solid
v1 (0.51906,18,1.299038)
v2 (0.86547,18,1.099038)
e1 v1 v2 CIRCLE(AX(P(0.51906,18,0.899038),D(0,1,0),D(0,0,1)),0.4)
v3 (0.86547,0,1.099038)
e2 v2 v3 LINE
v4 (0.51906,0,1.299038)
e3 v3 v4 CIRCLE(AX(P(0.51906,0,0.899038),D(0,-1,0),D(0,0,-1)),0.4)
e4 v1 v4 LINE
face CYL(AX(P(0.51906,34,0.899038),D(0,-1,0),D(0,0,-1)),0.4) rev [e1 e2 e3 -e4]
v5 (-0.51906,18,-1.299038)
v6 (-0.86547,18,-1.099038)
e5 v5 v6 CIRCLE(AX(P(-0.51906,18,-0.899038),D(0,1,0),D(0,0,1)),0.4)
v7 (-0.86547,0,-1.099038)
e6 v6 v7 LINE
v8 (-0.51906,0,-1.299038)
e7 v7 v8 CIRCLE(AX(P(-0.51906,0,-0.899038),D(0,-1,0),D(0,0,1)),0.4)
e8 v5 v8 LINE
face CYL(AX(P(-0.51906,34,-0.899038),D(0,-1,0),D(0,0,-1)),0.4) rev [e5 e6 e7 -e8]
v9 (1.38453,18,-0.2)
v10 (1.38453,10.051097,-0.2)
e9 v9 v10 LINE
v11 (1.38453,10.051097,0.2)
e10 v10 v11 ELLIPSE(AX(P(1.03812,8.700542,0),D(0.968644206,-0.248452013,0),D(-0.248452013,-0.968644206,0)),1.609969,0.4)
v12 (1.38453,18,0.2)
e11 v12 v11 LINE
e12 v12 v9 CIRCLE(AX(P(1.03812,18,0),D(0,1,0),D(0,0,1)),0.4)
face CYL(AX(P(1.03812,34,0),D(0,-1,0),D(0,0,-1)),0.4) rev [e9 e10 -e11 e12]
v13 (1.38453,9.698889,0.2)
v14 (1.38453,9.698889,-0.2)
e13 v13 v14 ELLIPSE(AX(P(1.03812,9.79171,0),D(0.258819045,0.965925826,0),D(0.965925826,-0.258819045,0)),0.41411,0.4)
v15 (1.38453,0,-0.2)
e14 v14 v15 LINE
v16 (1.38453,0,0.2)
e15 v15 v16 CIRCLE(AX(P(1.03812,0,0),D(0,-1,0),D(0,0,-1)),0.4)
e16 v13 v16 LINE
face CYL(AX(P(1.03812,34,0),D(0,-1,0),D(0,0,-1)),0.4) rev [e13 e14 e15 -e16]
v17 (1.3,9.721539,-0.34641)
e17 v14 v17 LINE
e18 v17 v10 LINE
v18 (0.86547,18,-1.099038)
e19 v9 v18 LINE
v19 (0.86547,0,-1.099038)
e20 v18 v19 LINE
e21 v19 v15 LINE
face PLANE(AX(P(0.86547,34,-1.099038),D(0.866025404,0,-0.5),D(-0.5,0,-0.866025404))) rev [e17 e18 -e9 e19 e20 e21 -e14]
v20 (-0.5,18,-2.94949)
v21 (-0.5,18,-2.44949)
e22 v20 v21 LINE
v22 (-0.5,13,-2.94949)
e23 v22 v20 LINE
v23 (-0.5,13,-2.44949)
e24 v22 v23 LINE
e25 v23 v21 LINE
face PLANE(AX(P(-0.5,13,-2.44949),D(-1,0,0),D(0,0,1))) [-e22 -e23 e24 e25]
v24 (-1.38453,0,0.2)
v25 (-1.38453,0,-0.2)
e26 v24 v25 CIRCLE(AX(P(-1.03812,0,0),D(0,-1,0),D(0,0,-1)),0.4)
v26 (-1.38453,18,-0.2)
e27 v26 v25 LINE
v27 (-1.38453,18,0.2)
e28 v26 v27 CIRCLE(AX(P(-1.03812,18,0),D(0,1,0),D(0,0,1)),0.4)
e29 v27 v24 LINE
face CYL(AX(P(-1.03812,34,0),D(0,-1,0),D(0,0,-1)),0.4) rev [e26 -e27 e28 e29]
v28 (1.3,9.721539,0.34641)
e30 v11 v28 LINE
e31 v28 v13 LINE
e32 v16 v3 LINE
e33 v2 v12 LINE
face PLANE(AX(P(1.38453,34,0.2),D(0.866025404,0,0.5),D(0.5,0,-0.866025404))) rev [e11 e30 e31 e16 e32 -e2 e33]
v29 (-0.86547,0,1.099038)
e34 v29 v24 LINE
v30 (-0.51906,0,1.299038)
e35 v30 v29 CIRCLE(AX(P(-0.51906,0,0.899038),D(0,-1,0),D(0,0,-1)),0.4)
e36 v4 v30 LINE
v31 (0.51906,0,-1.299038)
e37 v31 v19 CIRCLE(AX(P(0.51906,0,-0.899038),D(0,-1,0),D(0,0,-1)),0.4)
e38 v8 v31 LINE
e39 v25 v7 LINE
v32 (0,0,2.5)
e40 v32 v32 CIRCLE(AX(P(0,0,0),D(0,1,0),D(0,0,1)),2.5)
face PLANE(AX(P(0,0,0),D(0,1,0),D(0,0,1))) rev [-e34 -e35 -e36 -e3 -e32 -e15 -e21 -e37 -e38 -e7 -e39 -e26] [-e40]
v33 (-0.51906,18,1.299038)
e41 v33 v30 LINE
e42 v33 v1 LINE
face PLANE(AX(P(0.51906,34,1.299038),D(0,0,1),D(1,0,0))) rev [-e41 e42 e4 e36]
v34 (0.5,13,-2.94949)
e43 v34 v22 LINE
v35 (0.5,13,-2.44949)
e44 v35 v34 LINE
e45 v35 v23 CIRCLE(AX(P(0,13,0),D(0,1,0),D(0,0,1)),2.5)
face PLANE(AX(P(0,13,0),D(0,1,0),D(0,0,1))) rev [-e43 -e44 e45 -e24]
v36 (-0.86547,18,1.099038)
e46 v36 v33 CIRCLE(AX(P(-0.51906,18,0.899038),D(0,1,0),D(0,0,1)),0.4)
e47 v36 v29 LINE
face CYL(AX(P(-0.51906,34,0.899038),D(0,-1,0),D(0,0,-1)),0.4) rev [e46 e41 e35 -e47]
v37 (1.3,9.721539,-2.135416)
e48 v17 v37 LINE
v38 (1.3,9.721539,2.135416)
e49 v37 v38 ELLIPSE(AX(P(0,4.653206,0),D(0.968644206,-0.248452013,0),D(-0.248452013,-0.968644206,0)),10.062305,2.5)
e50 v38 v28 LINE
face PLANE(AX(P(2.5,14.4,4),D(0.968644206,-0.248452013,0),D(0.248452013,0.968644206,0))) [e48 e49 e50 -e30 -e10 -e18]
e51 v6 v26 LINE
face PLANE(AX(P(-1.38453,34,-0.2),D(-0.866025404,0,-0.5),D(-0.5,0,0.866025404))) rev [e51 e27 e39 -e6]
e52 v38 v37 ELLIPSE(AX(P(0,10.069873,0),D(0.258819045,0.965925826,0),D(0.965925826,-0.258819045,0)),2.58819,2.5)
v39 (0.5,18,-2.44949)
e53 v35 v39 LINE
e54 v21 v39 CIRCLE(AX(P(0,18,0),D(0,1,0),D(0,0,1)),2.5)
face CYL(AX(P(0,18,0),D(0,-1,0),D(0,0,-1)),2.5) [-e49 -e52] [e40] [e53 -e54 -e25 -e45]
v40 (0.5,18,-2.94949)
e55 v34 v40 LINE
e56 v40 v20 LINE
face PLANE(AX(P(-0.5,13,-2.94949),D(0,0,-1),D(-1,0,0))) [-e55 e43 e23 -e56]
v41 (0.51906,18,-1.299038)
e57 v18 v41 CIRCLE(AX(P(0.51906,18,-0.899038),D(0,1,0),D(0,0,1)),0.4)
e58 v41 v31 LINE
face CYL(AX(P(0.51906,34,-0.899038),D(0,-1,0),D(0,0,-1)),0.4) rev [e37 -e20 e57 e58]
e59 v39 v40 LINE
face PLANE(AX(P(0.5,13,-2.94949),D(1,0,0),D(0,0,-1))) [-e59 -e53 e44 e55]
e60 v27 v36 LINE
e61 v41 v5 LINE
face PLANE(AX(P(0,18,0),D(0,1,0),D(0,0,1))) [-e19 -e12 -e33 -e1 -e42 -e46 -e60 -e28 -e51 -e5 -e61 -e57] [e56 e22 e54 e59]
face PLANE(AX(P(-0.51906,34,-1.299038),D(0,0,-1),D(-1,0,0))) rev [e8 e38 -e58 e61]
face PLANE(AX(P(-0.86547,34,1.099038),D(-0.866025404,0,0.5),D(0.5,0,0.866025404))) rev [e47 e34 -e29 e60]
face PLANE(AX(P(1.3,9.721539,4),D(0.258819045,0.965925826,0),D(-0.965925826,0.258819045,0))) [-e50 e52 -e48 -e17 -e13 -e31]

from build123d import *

# Parameters (mm, degrees)
SKETCH1_R               = 2.5
BOSS_EXTRUDE1_DEPTH     = 18
SKETCH3_W               = 1
SKETCH3_H               = 0.5
BOSS_EXTRUDE2_DEPTH     = 5
CUT_EXTRUDE1_DEPTH      = 4
CUT_EXTRUDE1_DEPTH_BACK = 4
CUT_EXTRUDE2_DEPTH      = 34


with BuildPart() as part:
    # Sketch1 → Boss-Extrude1 (new body)
    with BuildSketch(Plane(origin=(0, 0, 0), x_dir=(1, 0, 0), z_dir=(0, 1, 0))):
        Circle(SKETCH1_R)
    extrude(amount=BOSS_EXTRUDE1_DEPTH)

    # Sketch3 → Boss-Extrude2 (add)
    with BuildSketch(Plane(origin=(0, 18, 0), x_dir=(1, 0, 0), z_dir=(0, 1, 0))):
        with Locations((0, 2.699489743)):
            Rectangle(SKETCH3_W, SKETCH3_H)
    extrude(amount=-BOSS_EXTRUDE2_DEPTH)

    # Sketch5 → Cut-Extrude1 (cut, two sides: drawn at the far end of the back side and taken through both)
    with BuildSketch(Plane.XY.offset(-CUT_EXTRUDE1_DEPTH_BACK)):
        Polygon((2.5, 14.4), (1.3, 9.721539031), (2.5, 9.4), align=None)
    extrude(amount=CUT_EXTRUDE1_DEPTH + CUT_EXTRUDE1_DEPTH_BACK, mode=Mode.SUBTRACT)

    # Sketch4 → Cut-Extrude2 (cut)
    with BuildSketch(Plane.XZ):
        with BuildLine():
            Line((-0.519059892, -1.299038106), (0.519059892, -1.299038106))
            ThreePointArc((0.519059892, -1.299038106), (0.719059892, -1.245448267), (0.865470054, -1.099038106))
            Line((0.865470054, -1.099038106), (1.384529946, -0.2))
            ThreePointArc((1.384529946, -0.2), (1.438119785, 0), (1.384529946, 0.2))
            Line((1.384529946, 0.2), (0.865470054, 1.099038106))
            ThreePointArc((0.865470054, 1.099038106), (0.719059892, 1.245448267), (0.519059892, 1.299038106))
            Line((0.519059892, 1.299038106), (-0.519059892, 1.299038106))
            ThreePointArc((-0.519059892, 1.299038106), (-0.719059892, 1.245448267), (-0.865470054, 1.099038106))
            Line((-0.865470054, 1.099038106), (-1.384529946, 0.2))
            ThreePointArc((-1.384529946, 0.2), (-1.438119785, 0), (-1.384529946, -0.2))
            Line((-1.384529946, -0.2), (-0.865470054, -1.099038106))
            ThreePointArc((-0.865470054, -1.099038106), (-0.719059892, -1.245448267), (-0.519059892, -1.299038106))
        make_face()
    extrude(amount=-CUT_EXTRUDE2_DEPTH, mode=Mode.SUBTRACT)


solid = part.part
